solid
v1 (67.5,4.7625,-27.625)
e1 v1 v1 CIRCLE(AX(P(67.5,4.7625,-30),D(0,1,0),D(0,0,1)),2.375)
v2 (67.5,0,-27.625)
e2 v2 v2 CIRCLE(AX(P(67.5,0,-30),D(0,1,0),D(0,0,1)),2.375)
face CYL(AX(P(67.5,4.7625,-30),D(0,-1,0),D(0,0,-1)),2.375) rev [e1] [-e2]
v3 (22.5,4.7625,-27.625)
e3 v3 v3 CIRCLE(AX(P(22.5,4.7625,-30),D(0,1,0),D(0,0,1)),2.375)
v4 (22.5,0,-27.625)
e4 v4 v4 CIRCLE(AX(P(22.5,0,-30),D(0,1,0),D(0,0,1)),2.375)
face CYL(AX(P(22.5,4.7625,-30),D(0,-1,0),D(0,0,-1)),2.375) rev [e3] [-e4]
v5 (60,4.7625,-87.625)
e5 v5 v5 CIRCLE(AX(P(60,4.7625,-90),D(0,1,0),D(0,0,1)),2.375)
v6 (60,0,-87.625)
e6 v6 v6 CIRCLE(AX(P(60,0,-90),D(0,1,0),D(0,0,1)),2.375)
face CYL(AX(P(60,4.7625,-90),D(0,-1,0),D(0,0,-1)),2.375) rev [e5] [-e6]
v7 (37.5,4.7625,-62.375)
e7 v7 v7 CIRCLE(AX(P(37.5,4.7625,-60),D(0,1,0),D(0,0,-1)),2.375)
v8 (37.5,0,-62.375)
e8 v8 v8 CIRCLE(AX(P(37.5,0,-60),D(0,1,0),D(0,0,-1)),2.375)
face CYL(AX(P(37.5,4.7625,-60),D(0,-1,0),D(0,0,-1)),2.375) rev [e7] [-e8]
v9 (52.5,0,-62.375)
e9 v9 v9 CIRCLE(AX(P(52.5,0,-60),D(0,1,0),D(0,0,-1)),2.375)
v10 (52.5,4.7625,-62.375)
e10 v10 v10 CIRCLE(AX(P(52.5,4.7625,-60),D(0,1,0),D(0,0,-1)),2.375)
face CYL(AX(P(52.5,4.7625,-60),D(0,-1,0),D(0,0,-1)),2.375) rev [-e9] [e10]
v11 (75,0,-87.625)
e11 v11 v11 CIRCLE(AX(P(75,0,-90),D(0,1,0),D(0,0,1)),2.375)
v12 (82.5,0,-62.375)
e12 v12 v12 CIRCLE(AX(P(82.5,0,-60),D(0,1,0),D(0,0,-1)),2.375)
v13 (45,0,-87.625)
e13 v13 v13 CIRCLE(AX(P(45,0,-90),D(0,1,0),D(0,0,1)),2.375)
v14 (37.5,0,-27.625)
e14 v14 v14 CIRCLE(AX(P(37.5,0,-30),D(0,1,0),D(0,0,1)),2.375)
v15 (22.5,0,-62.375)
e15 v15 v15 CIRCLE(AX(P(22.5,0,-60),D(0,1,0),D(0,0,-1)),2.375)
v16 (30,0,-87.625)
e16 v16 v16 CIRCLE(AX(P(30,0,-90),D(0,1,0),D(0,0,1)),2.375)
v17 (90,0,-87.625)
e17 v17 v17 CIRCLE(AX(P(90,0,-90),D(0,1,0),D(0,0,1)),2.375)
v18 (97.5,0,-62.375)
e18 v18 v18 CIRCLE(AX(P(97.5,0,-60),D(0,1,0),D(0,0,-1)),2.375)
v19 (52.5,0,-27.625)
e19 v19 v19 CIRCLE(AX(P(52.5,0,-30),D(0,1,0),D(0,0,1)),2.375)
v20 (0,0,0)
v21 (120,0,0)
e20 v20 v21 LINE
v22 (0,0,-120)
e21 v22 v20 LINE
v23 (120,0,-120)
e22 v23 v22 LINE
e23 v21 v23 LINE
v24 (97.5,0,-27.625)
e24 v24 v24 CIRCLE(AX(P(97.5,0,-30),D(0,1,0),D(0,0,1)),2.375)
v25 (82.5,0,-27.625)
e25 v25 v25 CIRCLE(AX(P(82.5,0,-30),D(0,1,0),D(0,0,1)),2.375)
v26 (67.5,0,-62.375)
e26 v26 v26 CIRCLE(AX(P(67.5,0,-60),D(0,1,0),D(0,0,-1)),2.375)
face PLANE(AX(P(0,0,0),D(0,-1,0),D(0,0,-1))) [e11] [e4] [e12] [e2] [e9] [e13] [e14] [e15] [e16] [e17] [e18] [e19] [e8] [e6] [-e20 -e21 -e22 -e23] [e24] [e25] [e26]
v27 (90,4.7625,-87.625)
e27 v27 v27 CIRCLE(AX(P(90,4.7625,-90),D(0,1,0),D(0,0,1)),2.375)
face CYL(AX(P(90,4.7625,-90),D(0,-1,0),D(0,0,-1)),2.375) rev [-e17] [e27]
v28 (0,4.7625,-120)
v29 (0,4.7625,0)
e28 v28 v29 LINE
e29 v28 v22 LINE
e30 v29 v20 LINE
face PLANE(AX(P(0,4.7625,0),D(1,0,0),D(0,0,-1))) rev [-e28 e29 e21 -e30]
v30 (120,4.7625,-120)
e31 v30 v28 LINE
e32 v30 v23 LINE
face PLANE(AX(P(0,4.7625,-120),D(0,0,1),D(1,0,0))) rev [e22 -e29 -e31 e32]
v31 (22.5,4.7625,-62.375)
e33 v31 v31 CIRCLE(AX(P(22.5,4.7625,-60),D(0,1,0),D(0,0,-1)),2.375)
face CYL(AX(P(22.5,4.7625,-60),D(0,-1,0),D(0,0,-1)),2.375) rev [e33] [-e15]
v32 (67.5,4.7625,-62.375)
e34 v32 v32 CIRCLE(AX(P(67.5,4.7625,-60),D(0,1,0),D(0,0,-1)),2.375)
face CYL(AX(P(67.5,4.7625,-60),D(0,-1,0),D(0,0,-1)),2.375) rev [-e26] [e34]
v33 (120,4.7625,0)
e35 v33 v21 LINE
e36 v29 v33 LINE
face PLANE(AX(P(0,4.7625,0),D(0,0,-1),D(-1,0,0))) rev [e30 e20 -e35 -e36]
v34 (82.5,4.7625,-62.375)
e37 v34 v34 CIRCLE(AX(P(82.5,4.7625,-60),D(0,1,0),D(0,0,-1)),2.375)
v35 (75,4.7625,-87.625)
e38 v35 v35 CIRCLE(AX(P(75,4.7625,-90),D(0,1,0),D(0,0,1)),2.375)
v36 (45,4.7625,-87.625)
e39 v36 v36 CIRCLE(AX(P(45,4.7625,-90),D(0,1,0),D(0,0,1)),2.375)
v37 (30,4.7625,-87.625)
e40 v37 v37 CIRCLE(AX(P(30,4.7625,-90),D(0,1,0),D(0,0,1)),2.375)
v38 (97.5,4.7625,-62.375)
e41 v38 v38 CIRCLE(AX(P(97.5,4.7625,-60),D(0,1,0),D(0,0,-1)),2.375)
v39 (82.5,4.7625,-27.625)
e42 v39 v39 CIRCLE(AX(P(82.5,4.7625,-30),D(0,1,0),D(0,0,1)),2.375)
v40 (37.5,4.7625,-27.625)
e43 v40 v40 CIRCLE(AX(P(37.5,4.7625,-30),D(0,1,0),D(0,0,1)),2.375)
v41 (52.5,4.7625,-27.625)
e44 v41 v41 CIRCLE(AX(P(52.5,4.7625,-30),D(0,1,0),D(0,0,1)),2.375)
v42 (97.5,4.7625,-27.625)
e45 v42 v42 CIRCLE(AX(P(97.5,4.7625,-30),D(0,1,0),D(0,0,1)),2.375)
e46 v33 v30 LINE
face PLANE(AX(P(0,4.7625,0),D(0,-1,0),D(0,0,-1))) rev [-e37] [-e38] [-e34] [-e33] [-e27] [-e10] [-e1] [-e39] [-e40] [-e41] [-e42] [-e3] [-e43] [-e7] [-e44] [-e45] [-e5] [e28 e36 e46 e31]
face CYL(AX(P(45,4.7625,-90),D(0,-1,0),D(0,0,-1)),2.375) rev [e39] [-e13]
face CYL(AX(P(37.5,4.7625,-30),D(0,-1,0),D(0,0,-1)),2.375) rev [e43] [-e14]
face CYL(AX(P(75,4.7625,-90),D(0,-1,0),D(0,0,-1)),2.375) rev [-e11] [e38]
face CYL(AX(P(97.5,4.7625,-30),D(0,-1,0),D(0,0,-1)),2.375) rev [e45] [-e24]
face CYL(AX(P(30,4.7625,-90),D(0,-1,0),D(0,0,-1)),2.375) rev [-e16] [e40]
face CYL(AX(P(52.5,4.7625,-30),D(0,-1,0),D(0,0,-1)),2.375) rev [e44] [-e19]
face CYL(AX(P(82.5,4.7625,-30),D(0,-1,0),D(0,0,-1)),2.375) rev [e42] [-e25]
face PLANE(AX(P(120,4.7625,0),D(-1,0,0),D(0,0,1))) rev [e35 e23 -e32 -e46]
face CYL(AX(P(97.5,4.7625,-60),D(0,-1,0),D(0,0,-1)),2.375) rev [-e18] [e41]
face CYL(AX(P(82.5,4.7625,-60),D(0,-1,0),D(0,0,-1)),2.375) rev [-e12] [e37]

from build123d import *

# Parameters (mm, degrees)
SKETCH1_W           = 120
SKETCH1_H           = 120
SKETCH1_R           = 2.375
BOSS_EXTRUDE1_DEPTH = 4.7625


with BuildPart() as part:
    # Sketch1 → Boss-Extrude1 (new body)
    with BuildSketch(Plane(origin=(0, 0, 0), x_dir=(1, 0, 0), z_dir=(0, 1, 0))):
        with Locations((60, 60)):
            Rectangle(SKETCH1_W, SKETCH1_H)
        with Locations((30, 90)):
            Circle(SKETCH1_R, mode=Mode.SUBTRACT)
        with Locations((45, 90)):
            Circle(SKETCH1_R, mode=Mode.SUBTRACT)
        with Locations((60, 90)):
            Circle(SKETCH1_R, mode=Mode.SUBTRACT)
        with Locations((75, 90)):
            Circle(SKETCH1_R, mode=Mode.SUBTRACT)
        with Locations((90, 90)):
            Circle(SKETCH1_R, mode=Mode.SUBTRACT)
        with Locations((97.5, 60)):
            Circle(SKETCH1_R, mode=Mode.SUBTRACT)
        with Locations((82.5, 60)):
            Circle(SKETCH1_R, mode=Mode.SUBTRACT)
        with Locations((67.5, 60)):
            Circle(SKETCH1_R, mode=Mode.SUBTRACT)
        with Locations((52.5, 60)):
            Circle(SKETCH1_R, mode=Mode.SUBTRACT)
        with Locations((37.5, 60)):
            Circle(SKETCH1_R, mode=Mode.SUBTRACT)
        with Locations((22.5, 30)):
            Circle(SKETCH1_R, mode=Mode.SUBTRACT)
        with Locations((37.5, 30)):
            Circle(SKETCH1_R, mode=Mode.SUBTRACT)
        with Locations((52.5, 30)):
            Circle(SKETCH1_R, mode=Mode.SUBTRACT)
        with Locations((67.5, 30)):
            Circle(SKETCH1_R, mode=Mode.SUBTRACT)
        with Locations((82.5, 30)):
            Circle(SKETCH1_R, mode=Mode.SUBTRACT)
        with Locations((97.5, 30)):
            Circle(SKETCH1_R, mode=Mode.SUBTRACT)
        with Locations((22.5, 60)):
            Circle(SKETCH1_R, mode=Mode.SUBTRACT)
    extrude(amount=BOSS_EXTRUDE1_DEPTH)


solid = part.part
